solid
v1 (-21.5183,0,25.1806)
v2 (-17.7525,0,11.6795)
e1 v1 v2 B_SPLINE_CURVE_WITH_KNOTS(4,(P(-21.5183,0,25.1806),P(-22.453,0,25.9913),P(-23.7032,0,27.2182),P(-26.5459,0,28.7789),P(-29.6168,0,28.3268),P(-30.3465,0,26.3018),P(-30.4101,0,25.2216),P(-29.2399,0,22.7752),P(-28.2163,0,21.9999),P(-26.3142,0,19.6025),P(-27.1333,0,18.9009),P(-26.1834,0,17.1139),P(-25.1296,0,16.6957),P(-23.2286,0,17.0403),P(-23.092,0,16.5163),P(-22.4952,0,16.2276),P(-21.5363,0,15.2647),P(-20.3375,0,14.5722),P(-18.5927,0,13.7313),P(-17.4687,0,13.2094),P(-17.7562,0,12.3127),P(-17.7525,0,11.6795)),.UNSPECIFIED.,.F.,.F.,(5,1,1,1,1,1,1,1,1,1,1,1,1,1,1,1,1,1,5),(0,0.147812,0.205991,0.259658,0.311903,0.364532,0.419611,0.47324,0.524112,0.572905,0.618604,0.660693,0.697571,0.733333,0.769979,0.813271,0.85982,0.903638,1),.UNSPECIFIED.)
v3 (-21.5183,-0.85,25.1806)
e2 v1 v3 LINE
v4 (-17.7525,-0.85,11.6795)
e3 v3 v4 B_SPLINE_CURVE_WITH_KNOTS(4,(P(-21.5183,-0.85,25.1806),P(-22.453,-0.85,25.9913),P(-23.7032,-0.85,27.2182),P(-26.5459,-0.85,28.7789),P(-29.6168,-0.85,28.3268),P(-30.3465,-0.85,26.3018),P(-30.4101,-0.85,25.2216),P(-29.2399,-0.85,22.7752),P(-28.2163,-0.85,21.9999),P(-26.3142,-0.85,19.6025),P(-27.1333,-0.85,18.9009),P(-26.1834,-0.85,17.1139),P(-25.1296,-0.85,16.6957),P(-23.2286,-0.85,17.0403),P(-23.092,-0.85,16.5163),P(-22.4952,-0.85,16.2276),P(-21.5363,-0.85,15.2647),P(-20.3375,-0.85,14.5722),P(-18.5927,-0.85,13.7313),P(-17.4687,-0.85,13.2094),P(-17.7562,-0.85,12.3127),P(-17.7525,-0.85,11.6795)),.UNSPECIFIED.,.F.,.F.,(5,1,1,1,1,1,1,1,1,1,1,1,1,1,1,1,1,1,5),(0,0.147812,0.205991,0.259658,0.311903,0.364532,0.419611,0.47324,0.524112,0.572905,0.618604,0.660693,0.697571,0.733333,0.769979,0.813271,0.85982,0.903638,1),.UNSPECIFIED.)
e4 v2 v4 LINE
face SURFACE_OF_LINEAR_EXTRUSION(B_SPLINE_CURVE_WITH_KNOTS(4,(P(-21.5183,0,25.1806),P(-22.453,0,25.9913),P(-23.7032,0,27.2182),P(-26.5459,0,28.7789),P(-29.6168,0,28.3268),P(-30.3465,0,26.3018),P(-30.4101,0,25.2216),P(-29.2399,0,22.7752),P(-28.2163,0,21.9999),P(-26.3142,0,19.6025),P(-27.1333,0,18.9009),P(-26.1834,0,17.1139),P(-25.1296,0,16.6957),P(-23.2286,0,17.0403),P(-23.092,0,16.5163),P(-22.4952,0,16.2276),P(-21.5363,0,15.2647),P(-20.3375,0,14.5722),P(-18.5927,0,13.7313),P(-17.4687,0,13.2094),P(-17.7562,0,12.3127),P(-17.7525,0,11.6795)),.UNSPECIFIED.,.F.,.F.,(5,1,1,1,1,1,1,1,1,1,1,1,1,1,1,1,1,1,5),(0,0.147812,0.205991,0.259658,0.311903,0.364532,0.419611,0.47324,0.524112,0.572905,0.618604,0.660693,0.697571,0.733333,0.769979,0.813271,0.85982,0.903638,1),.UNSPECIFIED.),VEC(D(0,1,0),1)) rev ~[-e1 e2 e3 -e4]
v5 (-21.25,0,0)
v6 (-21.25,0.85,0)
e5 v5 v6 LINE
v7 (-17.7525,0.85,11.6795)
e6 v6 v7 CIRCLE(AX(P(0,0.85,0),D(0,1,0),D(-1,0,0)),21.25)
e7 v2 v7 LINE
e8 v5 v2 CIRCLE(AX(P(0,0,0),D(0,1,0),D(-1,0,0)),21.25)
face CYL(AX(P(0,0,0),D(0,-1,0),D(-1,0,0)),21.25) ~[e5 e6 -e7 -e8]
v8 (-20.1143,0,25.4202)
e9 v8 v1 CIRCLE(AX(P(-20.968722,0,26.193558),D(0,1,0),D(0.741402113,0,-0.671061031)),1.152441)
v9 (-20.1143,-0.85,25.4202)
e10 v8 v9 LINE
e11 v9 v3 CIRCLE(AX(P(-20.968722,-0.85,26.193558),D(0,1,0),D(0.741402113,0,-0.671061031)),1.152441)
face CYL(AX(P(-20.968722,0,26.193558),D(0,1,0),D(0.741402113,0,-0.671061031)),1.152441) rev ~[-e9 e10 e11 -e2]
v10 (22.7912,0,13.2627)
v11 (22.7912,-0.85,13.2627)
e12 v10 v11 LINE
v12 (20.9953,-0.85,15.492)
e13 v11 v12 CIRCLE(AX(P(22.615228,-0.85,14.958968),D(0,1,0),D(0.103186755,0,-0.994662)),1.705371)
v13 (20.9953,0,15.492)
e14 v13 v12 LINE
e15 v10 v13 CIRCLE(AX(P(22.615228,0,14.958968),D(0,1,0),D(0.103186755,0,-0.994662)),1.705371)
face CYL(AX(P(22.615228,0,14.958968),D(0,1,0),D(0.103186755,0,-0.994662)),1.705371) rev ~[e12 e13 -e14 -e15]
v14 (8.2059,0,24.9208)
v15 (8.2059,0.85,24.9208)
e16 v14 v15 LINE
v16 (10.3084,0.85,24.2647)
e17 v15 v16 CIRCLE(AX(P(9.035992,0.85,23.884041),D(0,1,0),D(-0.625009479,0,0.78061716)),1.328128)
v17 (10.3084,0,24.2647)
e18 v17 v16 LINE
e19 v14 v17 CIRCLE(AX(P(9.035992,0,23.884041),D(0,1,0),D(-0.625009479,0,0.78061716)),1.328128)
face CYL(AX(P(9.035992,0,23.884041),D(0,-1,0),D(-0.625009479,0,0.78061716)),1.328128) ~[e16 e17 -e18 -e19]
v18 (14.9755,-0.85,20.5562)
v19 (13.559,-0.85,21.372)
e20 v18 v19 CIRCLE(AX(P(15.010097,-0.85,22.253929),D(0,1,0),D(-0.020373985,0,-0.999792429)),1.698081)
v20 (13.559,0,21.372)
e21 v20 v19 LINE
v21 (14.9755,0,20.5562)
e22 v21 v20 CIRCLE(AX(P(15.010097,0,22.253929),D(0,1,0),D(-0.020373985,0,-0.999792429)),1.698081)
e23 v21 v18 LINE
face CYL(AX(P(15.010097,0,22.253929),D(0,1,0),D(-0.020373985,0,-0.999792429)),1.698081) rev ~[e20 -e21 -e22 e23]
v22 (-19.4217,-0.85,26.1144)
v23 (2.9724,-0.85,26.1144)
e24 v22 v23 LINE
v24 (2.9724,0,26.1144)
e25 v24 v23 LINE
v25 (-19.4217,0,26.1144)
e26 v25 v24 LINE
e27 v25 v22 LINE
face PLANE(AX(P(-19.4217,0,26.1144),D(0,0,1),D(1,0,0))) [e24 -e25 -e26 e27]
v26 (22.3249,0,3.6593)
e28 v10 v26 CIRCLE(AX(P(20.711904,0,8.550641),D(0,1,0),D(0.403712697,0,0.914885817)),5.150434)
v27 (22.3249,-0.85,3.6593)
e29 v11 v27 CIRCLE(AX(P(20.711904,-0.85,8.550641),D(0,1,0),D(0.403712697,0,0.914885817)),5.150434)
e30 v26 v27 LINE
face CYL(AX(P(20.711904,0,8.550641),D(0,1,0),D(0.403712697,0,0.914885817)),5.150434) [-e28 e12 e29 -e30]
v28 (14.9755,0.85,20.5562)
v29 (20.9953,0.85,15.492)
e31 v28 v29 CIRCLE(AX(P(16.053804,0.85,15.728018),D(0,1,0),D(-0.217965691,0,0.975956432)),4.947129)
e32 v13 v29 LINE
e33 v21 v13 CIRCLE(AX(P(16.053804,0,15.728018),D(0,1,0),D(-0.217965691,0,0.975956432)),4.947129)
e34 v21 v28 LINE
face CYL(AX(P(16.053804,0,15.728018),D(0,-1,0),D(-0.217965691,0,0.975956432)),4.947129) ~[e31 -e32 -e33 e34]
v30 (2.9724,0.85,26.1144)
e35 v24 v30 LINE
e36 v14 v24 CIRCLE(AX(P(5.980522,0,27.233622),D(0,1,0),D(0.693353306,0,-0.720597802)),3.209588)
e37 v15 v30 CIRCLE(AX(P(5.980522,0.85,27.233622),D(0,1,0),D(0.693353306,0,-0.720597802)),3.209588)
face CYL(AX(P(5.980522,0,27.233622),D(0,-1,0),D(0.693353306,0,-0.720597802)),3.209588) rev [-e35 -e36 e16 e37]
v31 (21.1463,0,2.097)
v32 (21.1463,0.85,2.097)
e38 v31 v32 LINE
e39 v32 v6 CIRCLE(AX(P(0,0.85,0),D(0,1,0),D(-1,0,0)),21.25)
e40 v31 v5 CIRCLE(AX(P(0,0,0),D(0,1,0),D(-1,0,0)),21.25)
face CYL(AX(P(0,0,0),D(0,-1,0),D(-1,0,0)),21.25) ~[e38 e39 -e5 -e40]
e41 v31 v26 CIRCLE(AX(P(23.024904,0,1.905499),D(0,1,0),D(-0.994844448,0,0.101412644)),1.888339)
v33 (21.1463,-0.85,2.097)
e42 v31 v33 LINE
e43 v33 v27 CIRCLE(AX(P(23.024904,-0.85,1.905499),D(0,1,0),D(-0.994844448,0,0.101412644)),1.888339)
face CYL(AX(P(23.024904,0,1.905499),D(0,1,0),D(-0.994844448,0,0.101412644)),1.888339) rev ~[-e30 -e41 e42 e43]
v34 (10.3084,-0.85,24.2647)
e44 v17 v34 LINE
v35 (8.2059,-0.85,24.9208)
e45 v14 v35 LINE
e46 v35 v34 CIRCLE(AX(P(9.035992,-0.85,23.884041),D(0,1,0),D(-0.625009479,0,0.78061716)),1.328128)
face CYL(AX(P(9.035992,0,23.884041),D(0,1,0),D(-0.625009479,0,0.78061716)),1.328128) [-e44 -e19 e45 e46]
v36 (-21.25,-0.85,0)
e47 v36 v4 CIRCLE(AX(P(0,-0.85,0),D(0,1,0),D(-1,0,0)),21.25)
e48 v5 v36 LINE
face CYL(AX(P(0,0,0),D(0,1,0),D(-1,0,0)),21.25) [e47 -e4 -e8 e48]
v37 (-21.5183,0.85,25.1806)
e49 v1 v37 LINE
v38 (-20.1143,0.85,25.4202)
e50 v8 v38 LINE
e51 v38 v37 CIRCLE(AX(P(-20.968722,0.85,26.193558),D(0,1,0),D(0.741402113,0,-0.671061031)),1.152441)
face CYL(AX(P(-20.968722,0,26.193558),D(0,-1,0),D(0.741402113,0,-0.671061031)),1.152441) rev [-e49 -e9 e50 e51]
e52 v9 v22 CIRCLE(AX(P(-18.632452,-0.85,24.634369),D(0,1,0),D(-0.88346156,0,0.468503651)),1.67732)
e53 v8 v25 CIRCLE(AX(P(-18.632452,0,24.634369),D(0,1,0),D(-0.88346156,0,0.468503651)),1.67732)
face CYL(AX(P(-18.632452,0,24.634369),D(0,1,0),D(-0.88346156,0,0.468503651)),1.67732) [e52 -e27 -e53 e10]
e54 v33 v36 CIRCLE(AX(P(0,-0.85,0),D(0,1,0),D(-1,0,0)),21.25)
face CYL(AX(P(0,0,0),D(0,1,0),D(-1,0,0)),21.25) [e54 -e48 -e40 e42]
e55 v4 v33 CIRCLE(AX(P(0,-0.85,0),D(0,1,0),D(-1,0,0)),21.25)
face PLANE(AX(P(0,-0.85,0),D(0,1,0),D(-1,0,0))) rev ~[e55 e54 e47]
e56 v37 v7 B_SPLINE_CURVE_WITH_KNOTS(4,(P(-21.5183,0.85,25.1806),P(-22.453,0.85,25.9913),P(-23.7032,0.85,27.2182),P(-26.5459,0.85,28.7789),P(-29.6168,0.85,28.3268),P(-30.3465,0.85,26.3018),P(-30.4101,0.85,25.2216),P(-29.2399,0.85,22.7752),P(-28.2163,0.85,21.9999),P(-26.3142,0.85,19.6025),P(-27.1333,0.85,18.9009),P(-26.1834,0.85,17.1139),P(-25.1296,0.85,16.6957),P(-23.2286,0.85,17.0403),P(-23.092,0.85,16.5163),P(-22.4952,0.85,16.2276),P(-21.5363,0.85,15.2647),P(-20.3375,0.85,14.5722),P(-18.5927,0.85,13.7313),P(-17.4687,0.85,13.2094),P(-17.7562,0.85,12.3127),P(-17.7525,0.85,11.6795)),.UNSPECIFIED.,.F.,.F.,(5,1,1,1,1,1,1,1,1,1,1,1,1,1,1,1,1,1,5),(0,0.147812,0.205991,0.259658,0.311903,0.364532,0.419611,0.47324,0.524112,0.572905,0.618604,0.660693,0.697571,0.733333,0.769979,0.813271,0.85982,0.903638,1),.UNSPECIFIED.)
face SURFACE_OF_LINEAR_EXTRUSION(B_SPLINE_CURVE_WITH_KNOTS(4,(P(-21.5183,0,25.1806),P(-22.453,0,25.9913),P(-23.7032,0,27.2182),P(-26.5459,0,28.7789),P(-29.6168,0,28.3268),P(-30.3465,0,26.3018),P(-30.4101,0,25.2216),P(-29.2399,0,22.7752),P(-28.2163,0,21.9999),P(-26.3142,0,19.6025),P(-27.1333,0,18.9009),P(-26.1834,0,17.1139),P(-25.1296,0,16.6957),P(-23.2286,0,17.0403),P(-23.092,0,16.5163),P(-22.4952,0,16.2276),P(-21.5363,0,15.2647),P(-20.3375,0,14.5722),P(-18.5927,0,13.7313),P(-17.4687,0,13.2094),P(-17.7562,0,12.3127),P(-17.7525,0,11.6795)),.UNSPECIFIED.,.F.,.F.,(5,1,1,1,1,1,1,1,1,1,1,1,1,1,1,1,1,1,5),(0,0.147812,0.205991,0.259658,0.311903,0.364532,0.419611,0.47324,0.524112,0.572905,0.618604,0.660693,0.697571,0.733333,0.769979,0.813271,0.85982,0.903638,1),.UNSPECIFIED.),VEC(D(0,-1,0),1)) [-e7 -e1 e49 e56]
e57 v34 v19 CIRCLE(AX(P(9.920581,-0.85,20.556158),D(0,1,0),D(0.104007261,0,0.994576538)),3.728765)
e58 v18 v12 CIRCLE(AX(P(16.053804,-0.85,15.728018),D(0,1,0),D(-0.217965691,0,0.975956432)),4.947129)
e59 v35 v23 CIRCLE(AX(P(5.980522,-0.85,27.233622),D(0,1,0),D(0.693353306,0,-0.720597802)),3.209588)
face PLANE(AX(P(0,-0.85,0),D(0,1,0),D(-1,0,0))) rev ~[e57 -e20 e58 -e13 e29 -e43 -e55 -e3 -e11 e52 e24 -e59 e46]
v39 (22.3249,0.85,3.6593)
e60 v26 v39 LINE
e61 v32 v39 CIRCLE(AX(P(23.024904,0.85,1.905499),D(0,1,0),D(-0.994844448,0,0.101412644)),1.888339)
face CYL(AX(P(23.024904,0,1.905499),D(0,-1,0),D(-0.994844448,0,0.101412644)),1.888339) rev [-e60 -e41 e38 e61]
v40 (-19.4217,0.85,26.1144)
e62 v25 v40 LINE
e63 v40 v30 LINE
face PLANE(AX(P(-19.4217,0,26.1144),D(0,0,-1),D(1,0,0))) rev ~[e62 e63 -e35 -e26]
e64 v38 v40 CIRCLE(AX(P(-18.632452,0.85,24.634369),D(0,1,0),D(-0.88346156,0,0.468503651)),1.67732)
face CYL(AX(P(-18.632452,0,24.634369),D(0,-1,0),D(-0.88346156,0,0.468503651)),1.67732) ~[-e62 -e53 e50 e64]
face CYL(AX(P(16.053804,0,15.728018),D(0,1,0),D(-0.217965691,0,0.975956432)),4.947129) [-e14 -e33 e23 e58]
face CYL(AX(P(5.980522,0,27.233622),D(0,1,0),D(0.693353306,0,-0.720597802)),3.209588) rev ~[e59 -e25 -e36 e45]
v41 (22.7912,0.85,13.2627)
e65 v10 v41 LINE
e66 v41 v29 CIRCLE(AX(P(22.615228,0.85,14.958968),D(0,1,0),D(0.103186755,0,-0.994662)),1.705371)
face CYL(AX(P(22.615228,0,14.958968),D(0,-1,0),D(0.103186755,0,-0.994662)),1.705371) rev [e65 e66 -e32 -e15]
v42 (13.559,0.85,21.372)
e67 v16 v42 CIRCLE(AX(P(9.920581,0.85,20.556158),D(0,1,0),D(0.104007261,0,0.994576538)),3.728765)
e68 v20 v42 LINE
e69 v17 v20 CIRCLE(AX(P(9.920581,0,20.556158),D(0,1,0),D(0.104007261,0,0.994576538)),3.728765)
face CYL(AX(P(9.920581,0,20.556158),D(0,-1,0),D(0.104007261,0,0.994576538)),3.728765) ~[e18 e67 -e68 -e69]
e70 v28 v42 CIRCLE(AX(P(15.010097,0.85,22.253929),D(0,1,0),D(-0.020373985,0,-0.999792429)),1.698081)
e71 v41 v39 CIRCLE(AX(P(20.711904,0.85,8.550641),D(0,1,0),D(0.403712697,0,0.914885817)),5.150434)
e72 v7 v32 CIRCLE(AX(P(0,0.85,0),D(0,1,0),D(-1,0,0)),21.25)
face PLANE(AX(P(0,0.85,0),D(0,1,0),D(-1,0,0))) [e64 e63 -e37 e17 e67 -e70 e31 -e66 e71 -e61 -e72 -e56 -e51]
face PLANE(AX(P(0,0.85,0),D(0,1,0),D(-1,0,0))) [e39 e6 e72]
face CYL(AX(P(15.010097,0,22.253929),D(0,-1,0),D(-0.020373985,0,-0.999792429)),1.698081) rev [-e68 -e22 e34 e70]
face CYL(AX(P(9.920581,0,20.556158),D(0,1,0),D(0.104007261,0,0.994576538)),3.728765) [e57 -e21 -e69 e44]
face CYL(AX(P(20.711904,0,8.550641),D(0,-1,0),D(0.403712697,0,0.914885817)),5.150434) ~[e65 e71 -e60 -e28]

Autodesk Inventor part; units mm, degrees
ref_plane "YZ Plane" through (0, 0, 0) normal (1, 0, 0) x (0, 1, 0)
ref_plane "XZ Plane" through (0, 0, 0) normal (0, 1, 0) x (-1, 0, 0)
ref_plane "XY Plane" through (0, 0, 0) normal (0, 0, 1) x (1, 0, 0)
sketch "Sketch1" plane through (0, 0, 0) normal (0, 1, 0) x (-1, 0, 0)
  circle A0 centre (0, 0) radius 21.25
  spline S0 degree 4 poles (21.5183, 25.1806) (22.453, 25.9913) (23.7032, 27.2182) (26.5459, 28.7789) (29.6168, 28.3268) (30.3465, 26.3018) (30.4101, 25.2216) (29.2399, 22.7752) (28.2163, 21.9999) (26.3142, 19.6025) (27.1333, 18.9009) (26.1834, 17.1139) (25.1296, 16.6957) (23.2286, 17.0403) (23.092, 16.5163) (22.4952, 16.2276) (21.5363, 15.2647) (20.3375, 14.5722) (18.5927, 13.7313) (17.4687, 13.2094) (17.7562, 12.3127) (17.7525, 11.6795) knots 0 0 0 0 0 0.147812 0.205991 0.259658 0.311903 0.364532 0.419611 0.47324 0.524112 0.572905 0.618604 0.660693 0.697571 0.733333 0.769979 0.813271 0.85982 0.903638 1 1 1 1 1
  line L0 (19.4217, 26.1144) -> (-2.9724, 26.1144)
  arc A1 (-8.2059, 24.9208) -> (-2.9724, 26.1144) centre (-5.9805, 27.2337) ccw
  arc A2 (-8.2059, 24.9208) -> (-10.3084, 24.2647) centre (-9.036, 23.884) ccw
  arc A3 (-10.3084, 24.2647) -> (-13.559, 21.372) centre (-9.9206, 20.5562) ccw
  arc A4 (-14.9755, 20.5562) -> (-13.559, 21.372) centre (-15.0102, 22.2543) ccw
  arc A5 (-14.9755, 20.5562) -> (-20.9953, 15.492) centre (-16.0538, 15.728) ccw
  arc A6 (-22.7912, 13.2627) -> (-20.9953, 15.492) centre (-22.6152, 14.9589) ccw
  arc A7 (-22.7912, 13.2627) -> (-22.3249, 3.6593) centre (-20.712, 8.5507) ccw
  arc A8 (-21.1463, 2.097) -> (-22.3249, 3.6593) centre (-23.0249, 1.9055) ccw
  arc A9 (20.1143, 25.4202) -> (21.5183, 25.1806) centre (20.9688, 26.1937) ccw
  arc A10 (20.1143, 25.4202) -> (19.4217, 26.1144) centre (18.6329, 24.6347) ccw
  point P0 (22.9685, 26.4205)
  point P1 (25.0508, 27.7308)
  point P2 (27.6484, 28.4328)
  point P3 (29.4741, 27.848)
  point P4 (30.2229, 26.4204)
  point P5 (30.2226, 25.1799)
  point P6 (29.2861, 23.1437)
  point P7 (27.9754, 21.599)
  point P8 (26.7815, 19.633)
  point P9 (26.7813, 18.6968)
  point P10 (26.1258, 17.3627)
  point P11 (24.7452, 16.8477)
  point P12 (23.2946, 16.8009)
  point P13 (23.0144, 16.5675)
  point P14 (22.6406, 16.2638)
  point P15 (21.7049, 15.4917)
  point P16 (20.3013, 14.5798)
  point P17 (18.8504, 13.8542)
  point P18 (17.9846, 13.269)
  point P19 (17.7272, 12.637)
  dimension "d5" = 42.5
extrude "Extrusion1" add sketch "Sketch1" along normal mid plane 1.7
properties part number "Mirage" material "Paper"
